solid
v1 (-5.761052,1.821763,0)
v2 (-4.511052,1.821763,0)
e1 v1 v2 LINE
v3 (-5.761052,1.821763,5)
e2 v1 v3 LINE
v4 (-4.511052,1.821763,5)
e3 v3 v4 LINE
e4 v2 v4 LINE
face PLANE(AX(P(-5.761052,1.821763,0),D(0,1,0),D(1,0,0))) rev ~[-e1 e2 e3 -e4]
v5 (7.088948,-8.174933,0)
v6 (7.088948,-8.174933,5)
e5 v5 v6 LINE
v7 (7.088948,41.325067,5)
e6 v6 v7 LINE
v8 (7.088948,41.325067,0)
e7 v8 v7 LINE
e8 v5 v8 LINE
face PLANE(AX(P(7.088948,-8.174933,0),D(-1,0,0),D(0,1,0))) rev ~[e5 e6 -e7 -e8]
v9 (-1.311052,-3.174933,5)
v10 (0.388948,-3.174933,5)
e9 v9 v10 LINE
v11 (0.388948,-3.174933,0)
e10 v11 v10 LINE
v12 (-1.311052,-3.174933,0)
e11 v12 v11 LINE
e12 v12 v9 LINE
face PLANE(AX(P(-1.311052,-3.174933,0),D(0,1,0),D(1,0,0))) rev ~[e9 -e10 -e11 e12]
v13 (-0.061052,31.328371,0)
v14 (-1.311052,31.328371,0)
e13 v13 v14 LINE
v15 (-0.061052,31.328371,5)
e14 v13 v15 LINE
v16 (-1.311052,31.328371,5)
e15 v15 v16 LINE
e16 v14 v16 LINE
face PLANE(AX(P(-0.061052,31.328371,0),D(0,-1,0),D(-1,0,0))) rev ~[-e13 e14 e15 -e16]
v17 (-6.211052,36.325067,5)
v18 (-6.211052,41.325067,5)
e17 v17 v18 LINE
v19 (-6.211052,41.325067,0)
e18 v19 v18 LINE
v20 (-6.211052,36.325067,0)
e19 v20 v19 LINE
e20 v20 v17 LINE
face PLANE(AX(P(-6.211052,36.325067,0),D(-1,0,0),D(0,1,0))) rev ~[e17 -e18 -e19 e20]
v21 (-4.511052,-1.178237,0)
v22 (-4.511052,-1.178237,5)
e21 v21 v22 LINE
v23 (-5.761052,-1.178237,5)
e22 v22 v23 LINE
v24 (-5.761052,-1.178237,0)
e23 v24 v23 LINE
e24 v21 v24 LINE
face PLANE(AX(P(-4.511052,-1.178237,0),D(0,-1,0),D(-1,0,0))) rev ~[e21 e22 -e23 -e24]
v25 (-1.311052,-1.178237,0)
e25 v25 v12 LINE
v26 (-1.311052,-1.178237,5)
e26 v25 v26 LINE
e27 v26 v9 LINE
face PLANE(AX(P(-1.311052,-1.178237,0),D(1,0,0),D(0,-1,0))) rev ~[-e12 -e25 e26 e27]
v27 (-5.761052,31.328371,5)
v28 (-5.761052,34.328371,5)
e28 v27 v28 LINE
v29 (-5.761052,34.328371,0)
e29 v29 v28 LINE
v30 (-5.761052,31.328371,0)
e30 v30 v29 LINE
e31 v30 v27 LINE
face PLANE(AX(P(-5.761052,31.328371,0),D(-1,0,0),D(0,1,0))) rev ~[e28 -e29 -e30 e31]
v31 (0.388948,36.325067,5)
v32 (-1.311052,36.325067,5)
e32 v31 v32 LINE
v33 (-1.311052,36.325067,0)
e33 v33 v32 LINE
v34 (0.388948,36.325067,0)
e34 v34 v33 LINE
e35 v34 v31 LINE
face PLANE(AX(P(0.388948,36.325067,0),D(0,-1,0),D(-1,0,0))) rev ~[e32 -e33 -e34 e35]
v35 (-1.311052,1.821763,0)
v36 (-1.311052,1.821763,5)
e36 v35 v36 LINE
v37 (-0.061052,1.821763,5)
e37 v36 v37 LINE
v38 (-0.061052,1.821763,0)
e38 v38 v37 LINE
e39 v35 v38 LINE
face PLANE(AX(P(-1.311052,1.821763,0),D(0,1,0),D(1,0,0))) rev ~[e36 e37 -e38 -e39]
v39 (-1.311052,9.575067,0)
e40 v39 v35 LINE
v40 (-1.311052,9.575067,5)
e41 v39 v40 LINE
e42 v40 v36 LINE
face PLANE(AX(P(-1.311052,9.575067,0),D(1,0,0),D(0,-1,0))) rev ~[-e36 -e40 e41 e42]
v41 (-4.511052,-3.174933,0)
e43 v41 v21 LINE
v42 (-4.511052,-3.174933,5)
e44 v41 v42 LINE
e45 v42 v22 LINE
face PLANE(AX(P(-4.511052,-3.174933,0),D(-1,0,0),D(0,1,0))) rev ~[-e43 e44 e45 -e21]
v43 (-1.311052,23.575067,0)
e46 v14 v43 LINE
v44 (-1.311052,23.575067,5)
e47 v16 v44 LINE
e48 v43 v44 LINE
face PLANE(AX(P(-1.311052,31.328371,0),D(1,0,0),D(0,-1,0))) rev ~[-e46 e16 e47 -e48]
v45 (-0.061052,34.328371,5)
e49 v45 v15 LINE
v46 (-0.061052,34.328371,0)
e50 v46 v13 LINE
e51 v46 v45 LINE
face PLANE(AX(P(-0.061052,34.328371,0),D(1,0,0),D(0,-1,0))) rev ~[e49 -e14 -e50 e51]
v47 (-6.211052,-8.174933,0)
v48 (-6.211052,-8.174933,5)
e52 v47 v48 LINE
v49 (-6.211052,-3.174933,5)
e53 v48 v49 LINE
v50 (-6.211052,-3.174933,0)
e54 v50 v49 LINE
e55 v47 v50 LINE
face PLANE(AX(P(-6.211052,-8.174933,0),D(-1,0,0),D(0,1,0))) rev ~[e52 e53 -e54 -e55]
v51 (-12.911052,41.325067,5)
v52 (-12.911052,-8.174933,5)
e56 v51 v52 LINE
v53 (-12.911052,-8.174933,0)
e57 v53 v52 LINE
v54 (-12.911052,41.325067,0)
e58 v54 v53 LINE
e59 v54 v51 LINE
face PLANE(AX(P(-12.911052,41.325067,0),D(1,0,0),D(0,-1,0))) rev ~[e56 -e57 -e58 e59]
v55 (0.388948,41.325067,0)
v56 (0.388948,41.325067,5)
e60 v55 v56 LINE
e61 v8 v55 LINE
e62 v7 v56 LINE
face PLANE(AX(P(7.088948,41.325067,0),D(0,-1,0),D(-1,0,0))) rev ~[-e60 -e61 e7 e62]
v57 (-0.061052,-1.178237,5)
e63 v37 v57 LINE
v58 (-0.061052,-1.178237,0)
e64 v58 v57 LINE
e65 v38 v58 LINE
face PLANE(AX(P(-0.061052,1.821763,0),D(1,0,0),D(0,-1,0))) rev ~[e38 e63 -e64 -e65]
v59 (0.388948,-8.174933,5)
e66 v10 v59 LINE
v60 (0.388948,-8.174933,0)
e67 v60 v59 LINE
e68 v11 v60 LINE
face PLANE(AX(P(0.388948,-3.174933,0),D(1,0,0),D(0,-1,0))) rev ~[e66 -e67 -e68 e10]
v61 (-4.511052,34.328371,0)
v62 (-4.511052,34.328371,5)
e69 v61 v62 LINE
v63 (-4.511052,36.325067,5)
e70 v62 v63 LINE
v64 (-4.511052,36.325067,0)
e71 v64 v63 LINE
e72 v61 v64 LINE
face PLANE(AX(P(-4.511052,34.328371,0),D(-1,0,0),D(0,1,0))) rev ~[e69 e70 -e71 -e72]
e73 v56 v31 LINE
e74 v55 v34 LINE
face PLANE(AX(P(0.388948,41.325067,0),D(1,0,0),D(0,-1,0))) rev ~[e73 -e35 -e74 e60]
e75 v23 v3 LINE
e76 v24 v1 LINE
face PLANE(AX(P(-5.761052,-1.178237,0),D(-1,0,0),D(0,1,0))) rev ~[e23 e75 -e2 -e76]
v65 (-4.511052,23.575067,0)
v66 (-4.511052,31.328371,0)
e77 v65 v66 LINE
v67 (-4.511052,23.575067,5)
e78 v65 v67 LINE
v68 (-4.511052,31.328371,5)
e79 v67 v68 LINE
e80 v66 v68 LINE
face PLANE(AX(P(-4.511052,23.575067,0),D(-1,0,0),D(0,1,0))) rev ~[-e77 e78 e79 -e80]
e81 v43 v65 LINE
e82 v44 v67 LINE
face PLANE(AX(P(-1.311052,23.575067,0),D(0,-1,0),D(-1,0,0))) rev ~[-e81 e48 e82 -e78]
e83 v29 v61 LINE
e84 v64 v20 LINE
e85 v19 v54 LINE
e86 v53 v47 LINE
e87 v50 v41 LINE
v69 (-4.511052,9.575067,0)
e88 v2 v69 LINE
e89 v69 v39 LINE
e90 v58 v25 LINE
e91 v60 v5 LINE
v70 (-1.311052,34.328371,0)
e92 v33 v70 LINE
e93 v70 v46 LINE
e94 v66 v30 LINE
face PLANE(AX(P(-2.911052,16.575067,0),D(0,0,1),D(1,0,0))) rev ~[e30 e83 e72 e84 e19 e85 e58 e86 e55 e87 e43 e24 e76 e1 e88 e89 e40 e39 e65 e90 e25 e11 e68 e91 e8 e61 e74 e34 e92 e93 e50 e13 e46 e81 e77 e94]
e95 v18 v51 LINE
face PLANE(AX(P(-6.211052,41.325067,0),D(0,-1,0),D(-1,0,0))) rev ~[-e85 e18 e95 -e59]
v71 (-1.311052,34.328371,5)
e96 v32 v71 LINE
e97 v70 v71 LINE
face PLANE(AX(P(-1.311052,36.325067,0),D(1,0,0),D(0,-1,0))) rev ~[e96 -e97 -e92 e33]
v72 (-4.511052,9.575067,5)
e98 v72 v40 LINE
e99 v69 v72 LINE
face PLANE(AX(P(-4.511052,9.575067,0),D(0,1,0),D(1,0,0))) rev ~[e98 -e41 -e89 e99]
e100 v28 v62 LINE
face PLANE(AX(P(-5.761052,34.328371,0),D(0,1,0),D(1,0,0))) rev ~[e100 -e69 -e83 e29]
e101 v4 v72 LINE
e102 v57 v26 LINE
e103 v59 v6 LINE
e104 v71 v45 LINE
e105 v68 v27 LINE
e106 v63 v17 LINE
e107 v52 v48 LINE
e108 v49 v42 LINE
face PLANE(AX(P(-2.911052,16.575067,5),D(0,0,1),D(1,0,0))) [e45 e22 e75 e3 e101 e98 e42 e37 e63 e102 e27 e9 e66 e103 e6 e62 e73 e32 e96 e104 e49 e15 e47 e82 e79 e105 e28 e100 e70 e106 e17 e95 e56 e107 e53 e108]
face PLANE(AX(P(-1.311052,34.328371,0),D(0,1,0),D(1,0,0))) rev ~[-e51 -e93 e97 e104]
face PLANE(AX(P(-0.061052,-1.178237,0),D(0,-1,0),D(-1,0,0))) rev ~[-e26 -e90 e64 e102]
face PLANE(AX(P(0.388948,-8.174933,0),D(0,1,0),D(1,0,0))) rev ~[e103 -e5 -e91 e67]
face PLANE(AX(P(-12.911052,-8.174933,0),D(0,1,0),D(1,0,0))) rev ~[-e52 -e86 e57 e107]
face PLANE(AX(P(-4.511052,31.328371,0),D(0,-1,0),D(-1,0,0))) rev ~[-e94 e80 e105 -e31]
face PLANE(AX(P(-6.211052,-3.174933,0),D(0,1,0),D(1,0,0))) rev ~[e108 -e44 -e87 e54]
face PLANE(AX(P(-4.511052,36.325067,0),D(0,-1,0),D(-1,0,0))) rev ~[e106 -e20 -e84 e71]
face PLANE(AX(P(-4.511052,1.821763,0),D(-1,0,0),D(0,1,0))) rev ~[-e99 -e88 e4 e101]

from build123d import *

# Parameters (mm, degrees)
BOSS_EXTRU_1_DEPTH = 5


with BuildPart() as part:
    # Esquisse1 → Boss.-Extru.1 (new body)
    with BuildSketch(Plane.XY):
        Polygon((-12.911051911, 41.325067336), (-12.911051911, -8.174932664), (-6.211051911, -8.174932664), (-6.211051911, -3.174932664), (-4.511051911, -3.174932664), (-4.511051911, -1.178236629), (-5.761051911, -1.178236629), (-5.761051911, 1.821763371), (-4.511051911, 1.821763371), (-4.511051911, 9.575067336), (-1.311051911, 9.575067336), (-1.311051911, 1.821763371), (-0.061051911, 1.821763371), (-0.061051911, -1.178236629), (-1.311051911, -1.178236629), (-1.311051911, -3.174932664), (0.388948089, -3.174932664), (0.388948089, -8.174932664), (7.088948089, -8.174932664), (7.088948089, 41.325067336), (0.388948089, 41.325067336), (0.388948089, 36.325067336), (-1.311051911, 36.325067336), (-1.311051911, 34.328371301), (-0.061051911, 34.328371301), (-0.061051911, 31.328371301), (-1.311051911, 31.328371301), (-1.311051911, 23.575067336), (-4.511051911, 23.575067336), (-4.511051911, 31.328371301), (-5.761051911, 31.328371301), (-5.761051911, 34.328371301), (-4.511051911, 34.328371301), (-4.511051911, 36.325067336), (-6.211051911, 36.325067336), (-6.211051911, 41.325067336), align=None)
    extrude(amount=BOSS_EXTRU_1_DEPTH)


solid = part.part
